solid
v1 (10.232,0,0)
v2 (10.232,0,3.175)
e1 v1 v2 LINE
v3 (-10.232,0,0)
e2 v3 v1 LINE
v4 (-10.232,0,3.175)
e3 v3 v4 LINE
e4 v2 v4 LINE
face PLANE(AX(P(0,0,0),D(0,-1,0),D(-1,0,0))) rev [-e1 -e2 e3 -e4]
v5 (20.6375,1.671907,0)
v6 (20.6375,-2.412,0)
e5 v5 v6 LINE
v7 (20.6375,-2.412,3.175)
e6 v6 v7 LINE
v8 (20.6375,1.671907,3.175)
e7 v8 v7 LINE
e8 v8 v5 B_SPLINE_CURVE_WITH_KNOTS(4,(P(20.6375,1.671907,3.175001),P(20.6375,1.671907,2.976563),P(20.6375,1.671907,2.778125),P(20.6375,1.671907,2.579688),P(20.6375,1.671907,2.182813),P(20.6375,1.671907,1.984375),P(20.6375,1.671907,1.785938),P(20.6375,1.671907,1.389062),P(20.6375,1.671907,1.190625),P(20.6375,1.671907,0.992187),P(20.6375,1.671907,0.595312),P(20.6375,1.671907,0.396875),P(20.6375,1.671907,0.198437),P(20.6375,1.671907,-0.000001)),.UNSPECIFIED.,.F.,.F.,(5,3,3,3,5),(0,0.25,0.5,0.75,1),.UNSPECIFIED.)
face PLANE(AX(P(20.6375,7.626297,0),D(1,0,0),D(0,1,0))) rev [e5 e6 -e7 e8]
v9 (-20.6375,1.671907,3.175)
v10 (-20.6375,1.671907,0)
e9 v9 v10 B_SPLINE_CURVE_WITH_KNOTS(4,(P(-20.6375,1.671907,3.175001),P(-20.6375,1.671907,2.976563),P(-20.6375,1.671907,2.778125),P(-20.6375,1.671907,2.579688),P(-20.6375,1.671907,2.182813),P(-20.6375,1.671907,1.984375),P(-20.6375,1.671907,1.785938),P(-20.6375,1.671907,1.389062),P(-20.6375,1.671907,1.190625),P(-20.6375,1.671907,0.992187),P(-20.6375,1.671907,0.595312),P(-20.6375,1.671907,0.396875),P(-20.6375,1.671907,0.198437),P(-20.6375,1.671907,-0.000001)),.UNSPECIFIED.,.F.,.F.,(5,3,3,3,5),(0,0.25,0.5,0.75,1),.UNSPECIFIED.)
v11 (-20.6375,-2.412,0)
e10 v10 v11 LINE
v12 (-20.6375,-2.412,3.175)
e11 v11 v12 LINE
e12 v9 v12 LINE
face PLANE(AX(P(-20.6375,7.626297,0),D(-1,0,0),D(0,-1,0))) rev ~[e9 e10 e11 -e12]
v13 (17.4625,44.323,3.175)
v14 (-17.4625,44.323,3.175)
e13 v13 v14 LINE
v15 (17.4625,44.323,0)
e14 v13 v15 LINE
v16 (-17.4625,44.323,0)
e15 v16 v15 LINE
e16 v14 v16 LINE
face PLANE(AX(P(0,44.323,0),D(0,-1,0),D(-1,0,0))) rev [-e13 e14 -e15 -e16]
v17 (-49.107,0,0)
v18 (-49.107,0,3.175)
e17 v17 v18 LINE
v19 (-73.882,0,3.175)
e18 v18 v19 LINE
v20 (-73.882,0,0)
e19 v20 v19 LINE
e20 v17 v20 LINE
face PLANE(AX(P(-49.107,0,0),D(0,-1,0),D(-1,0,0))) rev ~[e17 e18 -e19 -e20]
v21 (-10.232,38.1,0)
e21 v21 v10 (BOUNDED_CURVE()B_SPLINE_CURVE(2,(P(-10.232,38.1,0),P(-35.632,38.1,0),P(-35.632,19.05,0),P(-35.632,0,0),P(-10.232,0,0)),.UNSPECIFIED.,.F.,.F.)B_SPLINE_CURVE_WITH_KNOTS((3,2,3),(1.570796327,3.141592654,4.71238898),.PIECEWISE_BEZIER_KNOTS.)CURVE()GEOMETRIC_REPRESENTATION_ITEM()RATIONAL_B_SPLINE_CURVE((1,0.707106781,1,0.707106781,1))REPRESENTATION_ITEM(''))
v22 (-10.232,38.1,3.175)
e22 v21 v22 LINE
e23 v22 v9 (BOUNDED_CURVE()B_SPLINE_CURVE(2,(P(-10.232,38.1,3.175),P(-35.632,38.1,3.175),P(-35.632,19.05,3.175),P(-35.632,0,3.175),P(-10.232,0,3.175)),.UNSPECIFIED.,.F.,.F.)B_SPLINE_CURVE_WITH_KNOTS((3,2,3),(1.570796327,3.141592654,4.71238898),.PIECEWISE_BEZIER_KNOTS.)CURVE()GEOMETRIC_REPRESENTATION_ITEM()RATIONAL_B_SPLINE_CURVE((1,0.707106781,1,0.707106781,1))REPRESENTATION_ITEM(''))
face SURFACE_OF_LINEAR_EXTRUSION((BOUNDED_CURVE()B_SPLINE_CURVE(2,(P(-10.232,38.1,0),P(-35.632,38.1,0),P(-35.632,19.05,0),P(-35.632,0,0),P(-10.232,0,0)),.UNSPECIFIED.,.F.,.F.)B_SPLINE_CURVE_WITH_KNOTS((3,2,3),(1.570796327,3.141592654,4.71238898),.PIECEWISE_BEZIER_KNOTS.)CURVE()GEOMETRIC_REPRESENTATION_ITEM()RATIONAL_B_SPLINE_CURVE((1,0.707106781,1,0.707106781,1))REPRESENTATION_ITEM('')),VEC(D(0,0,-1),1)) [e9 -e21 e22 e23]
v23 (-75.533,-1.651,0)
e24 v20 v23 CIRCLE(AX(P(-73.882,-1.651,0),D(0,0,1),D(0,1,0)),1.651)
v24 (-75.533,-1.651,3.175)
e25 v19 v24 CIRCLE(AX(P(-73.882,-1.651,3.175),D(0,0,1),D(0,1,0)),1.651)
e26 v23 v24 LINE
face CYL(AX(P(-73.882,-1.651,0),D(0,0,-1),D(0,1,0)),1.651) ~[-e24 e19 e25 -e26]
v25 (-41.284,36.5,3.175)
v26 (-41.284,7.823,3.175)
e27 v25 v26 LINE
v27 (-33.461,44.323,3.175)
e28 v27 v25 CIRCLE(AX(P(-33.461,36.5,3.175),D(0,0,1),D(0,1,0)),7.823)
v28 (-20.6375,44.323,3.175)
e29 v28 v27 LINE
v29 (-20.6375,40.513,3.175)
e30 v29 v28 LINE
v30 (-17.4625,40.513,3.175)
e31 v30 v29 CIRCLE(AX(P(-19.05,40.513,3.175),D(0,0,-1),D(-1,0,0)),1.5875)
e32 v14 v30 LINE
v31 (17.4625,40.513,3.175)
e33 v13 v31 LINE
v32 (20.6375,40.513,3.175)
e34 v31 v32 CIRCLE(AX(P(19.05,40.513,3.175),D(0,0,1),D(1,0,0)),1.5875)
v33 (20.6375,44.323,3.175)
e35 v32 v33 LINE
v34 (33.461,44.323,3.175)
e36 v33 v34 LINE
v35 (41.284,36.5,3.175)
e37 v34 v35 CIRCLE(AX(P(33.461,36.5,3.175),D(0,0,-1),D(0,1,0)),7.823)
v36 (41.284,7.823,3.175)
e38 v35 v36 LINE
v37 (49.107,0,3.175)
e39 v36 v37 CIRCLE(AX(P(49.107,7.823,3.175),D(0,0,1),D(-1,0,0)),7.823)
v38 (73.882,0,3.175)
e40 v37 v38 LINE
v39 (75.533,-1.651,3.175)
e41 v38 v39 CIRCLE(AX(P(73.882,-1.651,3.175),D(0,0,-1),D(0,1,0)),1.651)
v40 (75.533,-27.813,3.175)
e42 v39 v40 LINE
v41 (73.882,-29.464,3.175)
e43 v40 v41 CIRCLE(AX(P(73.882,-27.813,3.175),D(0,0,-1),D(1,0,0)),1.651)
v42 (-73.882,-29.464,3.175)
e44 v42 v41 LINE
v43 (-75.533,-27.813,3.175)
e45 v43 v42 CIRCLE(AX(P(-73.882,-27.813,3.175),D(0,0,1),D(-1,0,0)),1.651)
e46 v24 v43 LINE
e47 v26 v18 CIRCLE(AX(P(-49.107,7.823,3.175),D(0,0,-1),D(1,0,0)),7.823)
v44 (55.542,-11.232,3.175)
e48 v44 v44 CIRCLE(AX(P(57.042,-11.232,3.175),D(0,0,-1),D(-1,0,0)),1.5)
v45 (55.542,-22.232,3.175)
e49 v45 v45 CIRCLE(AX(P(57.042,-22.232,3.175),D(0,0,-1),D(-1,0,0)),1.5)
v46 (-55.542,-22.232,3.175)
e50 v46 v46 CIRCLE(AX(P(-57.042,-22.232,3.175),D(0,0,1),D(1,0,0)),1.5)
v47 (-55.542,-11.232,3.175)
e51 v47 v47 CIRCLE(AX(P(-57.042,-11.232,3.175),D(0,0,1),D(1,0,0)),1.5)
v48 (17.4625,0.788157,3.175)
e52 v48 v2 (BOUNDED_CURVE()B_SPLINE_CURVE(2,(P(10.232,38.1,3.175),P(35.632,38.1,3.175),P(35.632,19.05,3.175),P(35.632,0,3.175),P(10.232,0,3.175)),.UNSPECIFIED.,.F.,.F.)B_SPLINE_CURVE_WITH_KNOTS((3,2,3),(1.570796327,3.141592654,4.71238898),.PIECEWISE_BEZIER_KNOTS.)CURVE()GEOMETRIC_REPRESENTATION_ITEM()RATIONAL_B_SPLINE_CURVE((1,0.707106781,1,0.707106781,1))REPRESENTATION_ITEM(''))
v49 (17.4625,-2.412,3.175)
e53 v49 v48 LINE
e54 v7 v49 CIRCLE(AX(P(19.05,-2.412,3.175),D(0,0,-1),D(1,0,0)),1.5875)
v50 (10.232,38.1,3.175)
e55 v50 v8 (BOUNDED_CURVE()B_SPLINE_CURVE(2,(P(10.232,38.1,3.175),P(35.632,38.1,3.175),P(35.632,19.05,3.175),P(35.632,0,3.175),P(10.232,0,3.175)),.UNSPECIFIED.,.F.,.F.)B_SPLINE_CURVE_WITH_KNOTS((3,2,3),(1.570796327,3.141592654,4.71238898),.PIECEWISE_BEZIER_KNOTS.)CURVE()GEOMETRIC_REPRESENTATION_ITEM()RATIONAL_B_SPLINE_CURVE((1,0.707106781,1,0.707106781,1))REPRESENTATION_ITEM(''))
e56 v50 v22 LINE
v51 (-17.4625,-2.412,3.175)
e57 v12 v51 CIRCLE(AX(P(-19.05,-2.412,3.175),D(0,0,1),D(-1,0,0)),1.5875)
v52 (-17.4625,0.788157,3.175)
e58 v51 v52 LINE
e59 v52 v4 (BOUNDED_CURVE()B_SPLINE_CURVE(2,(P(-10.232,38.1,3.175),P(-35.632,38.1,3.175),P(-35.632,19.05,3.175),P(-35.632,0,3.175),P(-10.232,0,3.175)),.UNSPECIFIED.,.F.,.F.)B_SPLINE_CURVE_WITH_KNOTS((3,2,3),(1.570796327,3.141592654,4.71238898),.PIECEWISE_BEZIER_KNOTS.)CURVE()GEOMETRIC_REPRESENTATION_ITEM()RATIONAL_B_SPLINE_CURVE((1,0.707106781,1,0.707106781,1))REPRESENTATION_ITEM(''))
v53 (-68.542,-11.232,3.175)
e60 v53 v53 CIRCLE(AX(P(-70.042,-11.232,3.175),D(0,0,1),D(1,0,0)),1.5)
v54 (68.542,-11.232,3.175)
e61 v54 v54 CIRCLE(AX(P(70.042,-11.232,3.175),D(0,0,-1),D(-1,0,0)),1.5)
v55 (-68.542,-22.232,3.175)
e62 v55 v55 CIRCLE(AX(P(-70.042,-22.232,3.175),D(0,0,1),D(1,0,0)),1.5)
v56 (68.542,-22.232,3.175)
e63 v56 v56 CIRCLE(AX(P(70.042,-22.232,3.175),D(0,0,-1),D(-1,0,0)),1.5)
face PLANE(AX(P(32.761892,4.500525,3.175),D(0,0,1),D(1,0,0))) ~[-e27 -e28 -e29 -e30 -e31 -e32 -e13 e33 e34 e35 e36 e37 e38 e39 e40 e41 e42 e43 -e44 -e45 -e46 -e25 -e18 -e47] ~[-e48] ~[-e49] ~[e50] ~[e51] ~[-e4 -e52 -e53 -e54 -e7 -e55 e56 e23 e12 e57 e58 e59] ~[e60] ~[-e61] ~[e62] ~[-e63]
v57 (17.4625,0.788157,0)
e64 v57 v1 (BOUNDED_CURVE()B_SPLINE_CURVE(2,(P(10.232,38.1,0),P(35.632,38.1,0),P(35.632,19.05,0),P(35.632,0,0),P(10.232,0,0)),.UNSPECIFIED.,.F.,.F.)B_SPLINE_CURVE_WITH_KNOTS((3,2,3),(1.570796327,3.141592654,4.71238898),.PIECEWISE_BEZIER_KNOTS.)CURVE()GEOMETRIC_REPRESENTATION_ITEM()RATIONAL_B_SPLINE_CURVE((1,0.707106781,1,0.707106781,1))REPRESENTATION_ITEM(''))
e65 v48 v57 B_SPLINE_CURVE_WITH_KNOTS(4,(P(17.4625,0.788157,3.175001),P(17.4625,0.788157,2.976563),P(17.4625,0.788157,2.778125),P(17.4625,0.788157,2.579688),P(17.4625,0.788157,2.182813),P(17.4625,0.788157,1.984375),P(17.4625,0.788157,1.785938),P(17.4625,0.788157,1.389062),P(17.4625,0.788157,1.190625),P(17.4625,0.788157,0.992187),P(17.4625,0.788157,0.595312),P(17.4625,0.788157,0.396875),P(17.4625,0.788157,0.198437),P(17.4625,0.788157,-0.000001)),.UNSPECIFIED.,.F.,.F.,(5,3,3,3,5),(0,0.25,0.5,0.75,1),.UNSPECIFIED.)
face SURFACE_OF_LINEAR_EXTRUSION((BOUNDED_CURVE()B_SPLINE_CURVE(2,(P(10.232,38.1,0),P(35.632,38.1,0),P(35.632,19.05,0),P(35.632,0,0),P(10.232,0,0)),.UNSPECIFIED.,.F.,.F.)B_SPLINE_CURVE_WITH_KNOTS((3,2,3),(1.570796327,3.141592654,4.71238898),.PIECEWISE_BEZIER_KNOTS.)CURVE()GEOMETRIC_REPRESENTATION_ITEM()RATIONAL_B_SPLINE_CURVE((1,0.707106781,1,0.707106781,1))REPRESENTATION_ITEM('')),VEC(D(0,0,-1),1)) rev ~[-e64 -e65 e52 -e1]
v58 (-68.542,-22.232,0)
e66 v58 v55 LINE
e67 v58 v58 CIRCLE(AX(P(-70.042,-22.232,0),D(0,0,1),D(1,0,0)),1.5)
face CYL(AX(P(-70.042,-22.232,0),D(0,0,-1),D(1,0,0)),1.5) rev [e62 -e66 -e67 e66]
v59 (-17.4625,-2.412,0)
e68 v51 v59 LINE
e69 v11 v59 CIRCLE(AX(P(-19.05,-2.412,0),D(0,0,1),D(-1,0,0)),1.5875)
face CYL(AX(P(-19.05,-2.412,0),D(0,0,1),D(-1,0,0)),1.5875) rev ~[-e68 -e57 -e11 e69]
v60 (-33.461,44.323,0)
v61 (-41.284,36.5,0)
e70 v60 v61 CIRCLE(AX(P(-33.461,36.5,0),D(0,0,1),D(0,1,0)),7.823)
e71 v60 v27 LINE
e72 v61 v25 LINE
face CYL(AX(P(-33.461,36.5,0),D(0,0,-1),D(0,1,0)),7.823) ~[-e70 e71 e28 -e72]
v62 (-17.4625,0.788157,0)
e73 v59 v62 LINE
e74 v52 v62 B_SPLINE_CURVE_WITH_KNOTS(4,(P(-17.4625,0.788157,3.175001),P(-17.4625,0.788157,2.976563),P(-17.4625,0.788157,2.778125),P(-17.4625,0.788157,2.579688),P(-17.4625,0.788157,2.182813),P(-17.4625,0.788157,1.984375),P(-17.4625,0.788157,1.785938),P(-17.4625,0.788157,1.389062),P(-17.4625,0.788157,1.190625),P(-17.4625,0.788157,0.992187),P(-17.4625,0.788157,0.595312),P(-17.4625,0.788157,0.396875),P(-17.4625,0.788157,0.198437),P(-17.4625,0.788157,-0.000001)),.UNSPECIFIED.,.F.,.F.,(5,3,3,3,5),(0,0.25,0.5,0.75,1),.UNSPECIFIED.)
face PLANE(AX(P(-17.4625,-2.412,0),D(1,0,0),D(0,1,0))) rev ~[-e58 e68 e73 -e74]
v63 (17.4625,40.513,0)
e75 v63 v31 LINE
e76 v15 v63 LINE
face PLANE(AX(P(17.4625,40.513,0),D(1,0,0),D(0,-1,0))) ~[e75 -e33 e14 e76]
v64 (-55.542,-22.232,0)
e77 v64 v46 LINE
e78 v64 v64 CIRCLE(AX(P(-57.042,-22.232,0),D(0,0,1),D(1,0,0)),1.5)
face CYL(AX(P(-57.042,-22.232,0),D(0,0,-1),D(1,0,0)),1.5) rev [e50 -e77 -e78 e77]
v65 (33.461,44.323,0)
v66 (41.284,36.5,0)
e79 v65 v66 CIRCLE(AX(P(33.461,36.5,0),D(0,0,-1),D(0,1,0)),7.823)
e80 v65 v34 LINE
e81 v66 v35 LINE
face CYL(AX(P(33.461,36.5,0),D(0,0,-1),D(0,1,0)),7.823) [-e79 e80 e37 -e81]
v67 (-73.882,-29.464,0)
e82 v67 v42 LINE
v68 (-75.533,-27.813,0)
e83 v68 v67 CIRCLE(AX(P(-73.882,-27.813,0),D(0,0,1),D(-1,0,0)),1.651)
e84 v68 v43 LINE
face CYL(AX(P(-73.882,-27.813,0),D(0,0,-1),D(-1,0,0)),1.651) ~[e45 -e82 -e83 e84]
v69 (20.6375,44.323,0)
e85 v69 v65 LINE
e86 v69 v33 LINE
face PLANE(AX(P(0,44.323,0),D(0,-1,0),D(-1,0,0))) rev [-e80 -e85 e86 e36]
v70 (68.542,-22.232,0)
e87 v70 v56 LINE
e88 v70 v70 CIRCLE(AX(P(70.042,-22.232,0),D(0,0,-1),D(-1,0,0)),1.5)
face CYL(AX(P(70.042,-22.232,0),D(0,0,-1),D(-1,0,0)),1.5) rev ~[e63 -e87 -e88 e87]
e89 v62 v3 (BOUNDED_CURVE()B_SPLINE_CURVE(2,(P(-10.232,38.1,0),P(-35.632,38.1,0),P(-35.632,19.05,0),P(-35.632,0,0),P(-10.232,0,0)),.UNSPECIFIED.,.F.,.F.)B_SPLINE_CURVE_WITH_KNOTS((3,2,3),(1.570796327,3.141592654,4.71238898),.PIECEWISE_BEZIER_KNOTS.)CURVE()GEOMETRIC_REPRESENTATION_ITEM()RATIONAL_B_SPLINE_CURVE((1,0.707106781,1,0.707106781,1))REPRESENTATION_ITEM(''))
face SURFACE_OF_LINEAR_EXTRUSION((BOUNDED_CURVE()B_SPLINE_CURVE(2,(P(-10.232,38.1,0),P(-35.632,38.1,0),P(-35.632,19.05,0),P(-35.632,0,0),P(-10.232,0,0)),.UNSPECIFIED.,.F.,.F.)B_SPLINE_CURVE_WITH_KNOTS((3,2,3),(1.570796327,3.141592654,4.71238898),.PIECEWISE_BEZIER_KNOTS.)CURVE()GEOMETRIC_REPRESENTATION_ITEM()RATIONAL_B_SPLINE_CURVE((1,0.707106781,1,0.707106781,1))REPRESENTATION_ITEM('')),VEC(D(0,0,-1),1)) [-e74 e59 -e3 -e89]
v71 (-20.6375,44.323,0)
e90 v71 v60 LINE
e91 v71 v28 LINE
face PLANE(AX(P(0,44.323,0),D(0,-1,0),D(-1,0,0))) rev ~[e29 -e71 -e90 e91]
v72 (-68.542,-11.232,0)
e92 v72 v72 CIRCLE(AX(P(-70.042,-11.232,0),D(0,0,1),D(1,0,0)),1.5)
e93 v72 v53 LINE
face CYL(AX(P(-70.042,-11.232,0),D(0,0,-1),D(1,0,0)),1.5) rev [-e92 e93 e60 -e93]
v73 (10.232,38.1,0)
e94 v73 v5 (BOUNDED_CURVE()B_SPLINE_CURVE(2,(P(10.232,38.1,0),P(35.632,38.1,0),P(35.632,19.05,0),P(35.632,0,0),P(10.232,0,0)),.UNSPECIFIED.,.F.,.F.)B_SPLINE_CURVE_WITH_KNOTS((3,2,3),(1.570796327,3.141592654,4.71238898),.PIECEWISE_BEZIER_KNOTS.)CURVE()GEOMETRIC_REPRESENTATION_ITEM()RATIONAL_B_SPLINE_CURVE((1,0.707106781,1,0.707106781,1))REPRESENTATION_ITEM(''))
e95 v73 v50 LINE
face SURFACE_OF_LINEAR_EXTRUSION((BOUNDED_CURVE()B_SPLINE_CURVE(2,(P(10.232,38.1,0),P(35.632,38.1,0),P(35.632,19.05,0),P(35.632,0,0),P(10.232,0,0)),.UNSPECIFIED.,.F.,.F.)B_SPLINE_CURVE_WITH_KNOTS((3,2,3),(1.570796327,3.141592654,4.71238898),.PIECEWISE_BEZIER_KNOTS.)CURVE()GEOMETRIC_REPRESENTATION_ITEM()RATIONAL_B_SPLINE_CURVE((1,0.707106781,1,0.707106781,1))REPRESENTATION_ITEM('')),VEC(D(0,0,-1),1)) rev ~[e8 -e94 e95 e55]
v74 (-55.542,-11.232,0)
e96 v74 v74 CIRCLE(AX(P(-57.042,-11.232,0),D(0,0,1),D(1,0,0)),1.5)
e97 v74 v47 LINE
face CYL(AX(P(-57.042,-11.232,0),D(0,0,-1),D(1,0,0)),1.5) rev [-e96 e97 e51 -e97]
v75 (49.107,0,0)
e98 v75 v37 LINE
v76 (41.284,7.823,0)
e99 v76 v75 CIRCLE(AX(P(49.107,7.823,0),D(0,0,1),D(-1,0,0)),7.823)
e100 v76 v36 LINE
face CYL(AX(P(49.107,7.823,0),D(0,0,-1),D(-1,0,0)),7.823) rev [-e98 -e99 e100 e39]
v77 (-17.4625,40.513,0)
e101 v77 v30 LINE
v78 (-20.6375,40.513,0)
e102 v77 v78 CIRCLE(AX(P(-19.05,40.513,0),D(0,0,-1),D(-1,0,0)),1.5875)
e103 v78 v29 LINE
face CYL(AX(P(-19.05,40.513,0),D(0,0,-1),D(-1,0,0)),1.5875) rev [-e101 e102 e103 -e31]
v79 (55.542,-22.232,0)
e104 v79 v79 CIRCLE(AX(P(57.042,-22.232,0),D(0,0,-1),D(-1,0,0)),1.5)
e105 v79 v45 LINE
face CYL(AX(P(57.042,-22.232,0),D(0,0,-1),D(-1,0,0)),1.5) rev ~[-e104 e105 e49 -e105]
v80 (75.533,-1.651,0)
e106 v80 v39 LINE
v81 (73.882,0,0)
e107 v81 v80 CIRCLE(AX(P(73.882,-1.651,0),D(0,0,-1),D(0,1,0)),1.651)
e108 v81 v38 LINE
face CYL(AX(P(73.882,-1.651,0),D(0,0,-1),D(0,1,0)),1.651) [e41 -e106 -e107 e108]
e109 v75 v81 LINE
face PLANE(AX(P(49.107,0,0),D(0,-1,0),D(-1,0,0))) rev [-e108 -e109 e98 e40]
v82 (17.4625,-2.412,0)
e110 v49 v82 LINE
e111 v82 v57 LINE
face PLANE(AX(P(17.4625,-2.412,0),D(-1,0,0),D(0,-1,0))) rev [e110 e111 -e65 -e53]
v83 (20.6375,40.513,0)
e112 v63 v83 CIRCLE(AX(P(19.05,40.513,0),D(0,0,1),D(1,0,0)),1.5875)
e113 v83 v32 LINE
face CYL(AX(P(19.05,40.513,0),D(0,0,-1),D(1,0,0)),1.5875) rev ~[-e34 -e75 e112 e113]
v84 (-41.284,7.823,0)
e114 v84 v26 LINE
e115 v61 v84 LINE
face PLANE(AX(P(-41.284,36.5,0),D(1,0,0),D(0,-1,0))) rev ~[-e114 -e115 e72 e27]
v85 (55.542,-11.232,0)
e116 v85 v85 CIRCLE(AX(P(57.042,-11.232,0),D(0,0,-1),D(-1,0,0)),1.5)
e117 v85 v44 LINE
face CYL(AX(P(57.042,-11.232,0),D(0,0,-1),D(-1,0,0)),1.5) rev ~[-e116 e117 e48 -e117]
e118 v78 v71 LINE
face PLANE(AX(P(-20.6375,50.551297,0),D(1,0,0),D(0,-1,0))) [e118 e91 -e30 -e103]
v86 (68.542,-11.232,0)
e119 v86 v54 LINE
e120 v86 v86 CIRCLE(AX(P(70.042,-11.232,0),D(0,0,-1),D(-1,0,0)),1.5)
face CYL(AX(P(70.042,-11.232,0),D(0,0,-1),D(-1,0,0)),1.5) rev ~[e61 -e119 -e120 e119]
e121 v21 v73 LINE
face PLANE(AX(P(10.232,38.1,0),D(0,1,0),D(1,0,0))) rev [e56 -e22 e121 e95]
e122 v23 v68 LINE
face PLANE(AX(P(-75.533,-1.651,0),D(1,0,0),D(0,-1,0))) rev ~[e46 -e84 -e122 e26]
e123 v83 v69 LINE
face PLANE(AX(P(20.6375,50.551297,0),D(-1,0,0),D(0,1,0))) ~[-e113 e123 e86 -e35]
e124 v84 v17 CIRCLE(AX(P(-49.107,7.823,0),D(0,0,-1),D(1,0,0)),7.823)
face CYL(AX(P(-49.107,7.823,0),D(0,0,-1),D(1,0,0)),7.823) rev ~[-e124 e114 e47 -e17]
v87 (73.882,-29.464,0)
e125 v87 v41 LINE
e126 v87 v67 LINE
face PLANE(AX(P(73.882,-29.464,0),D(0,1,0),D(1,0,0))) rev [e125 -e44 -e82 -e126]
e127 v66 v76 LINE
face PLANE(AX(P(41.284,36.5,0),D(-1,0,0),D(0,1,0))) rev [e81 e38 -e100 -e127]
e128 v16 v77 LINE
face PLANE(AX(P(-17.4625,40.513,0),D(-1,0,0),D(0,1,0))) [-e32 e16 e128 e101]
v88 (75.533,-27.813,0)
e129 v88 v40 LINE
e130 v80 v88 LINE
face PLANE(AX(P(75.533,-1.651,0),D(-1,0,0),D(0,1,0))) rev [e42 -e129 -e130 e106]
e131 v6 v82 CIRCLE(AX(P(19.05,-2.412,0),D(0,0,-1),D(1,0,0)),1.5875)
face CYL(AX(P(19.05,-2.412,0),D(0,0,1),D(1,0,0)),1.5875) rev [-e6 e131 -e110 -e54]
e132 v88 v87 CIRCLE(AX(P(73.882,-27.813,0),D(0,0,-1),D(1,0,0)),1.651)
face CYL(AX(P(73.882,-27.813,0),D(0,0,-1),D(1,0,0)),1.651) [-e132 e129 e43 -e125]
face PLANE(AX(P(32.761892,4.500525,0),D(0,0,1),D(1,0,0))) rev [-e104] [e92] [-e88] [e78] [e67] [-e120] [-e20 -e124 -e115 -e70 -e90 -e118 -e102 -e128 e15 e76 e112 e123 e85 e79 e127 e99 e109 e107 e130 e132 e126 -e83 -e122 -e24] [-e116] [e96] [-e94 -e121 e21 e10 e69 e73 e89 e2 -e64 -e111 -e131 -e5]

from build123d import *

# Parameters (mm, degrees)
F0_R     = 1.5
F1_DEPTH = 3.175
F3_DEPTH = 12.5


with BuildPart() as f1:
    # F0 (on Top) → F1 (new body)
    with BuildSketch(Plane.XY):
        with BuildLine():
            Line((0, 38.1), (0, 44.323))
            Line((0, 44.323), (-33.461, 44.323))
            ThreePointArc((-33.461, 44.323), (-38.9926963492, 42.0316963492), (-41.284, 36.5))
            Line((-41.284, 36.5), (-41.284, 7.823))
            ThreePointArc((-41.284, 7.823), (-43.5753036508, 2.2913036508), (-49.107, 0))
            Line((-49.107, 0), (-73.882, 0))
            ThreePointArc((-73.882, 0), (-75.0494332957, -0.4835667043), (-75.533, -1.651))
            Line((-75.533, -1.651), (-75.533, -27.813))
            ThreePointArc((-75.533, -27.813), (-75.0494332957, -28.9804332957), (-73.882, -29.464))
            Line((-73.882, -29.464), (0, -29.464))
            Line((0, -29.464), (0, 0))
            Line((0, 0), (-10.232, 0))
            add(Edge.make_bspline(
                [(-10.232, 38.1), (-35.632, 38.1), (-35.632, 19.05), (-35.632, 0), (-10.232, 0)],
                knots=[1.5707963268, 1.5707963268, 1.5707963268, 3.1415926536, 3.1415926536, 4.7123889804, 4.7123889804, 4.7123889804], degree=2, weights=[1, 0.7071067812, 1, 0.7071067812, 1]))
            Line((-10.232, 38.1), (0, 38.1))
        make_face()
        with Locations((-70.042, -22.232)):
            Circle(F0_R, mode=Mode.SUBTRACT)
        with Locations((-57.042, -22.232)):
            Circle(F0_R, mode=Mode.SUBTRACT)
        with Locations((-70.042, -11.232)):
            Circle(F0_R, mode=Mode.SUBTRACT)
        with Locations((-57.042, -11.232)):
            Circle(F0_R, mode=Mode.SUBTRACT)
    extrude(amount=F1_DEPTH)

    # F2 (on Top) → F3 (cut, symmetric)
    with BuildSketch(Plane.XY):
        with BuildLine():
            Line((-20.6375, 50.55129749), (-20.6375, 40.513))
            ThreePointArc((-20.6375, 40.513), (-19.05, 38.9255), (-17.4625, 40.513))
            Line((-17.4625, 40.513), (-17.4625, 50.55129749))
            Line((-17.4625, 50.55129749), (-20.6375, 50.55129749))
        make_face()
        with BuildLine():
            Line((-17.4625, 7.62629749), (-20.6375, 7.62629749))
            Line((-20.6375, 7.62629749), (-20.6375, -2.412))
            ThreePointArc((-20.6375, -2.412), (-19.05, -3.9995), (-17.4625, -2.412))
            Line((-17.4625, -2.412), (-17.4625, 7.62629749))
        make_face()
    extrude(amount=F3_DEPTH, both=True, mode=Mode.SUBTRACT)

    # F4: F1 across plane


with BuildPart() as f1_1:
    add(f1.part)
    add(f1.part.mirror(Plane.YZ))


solid = f1_1.part
